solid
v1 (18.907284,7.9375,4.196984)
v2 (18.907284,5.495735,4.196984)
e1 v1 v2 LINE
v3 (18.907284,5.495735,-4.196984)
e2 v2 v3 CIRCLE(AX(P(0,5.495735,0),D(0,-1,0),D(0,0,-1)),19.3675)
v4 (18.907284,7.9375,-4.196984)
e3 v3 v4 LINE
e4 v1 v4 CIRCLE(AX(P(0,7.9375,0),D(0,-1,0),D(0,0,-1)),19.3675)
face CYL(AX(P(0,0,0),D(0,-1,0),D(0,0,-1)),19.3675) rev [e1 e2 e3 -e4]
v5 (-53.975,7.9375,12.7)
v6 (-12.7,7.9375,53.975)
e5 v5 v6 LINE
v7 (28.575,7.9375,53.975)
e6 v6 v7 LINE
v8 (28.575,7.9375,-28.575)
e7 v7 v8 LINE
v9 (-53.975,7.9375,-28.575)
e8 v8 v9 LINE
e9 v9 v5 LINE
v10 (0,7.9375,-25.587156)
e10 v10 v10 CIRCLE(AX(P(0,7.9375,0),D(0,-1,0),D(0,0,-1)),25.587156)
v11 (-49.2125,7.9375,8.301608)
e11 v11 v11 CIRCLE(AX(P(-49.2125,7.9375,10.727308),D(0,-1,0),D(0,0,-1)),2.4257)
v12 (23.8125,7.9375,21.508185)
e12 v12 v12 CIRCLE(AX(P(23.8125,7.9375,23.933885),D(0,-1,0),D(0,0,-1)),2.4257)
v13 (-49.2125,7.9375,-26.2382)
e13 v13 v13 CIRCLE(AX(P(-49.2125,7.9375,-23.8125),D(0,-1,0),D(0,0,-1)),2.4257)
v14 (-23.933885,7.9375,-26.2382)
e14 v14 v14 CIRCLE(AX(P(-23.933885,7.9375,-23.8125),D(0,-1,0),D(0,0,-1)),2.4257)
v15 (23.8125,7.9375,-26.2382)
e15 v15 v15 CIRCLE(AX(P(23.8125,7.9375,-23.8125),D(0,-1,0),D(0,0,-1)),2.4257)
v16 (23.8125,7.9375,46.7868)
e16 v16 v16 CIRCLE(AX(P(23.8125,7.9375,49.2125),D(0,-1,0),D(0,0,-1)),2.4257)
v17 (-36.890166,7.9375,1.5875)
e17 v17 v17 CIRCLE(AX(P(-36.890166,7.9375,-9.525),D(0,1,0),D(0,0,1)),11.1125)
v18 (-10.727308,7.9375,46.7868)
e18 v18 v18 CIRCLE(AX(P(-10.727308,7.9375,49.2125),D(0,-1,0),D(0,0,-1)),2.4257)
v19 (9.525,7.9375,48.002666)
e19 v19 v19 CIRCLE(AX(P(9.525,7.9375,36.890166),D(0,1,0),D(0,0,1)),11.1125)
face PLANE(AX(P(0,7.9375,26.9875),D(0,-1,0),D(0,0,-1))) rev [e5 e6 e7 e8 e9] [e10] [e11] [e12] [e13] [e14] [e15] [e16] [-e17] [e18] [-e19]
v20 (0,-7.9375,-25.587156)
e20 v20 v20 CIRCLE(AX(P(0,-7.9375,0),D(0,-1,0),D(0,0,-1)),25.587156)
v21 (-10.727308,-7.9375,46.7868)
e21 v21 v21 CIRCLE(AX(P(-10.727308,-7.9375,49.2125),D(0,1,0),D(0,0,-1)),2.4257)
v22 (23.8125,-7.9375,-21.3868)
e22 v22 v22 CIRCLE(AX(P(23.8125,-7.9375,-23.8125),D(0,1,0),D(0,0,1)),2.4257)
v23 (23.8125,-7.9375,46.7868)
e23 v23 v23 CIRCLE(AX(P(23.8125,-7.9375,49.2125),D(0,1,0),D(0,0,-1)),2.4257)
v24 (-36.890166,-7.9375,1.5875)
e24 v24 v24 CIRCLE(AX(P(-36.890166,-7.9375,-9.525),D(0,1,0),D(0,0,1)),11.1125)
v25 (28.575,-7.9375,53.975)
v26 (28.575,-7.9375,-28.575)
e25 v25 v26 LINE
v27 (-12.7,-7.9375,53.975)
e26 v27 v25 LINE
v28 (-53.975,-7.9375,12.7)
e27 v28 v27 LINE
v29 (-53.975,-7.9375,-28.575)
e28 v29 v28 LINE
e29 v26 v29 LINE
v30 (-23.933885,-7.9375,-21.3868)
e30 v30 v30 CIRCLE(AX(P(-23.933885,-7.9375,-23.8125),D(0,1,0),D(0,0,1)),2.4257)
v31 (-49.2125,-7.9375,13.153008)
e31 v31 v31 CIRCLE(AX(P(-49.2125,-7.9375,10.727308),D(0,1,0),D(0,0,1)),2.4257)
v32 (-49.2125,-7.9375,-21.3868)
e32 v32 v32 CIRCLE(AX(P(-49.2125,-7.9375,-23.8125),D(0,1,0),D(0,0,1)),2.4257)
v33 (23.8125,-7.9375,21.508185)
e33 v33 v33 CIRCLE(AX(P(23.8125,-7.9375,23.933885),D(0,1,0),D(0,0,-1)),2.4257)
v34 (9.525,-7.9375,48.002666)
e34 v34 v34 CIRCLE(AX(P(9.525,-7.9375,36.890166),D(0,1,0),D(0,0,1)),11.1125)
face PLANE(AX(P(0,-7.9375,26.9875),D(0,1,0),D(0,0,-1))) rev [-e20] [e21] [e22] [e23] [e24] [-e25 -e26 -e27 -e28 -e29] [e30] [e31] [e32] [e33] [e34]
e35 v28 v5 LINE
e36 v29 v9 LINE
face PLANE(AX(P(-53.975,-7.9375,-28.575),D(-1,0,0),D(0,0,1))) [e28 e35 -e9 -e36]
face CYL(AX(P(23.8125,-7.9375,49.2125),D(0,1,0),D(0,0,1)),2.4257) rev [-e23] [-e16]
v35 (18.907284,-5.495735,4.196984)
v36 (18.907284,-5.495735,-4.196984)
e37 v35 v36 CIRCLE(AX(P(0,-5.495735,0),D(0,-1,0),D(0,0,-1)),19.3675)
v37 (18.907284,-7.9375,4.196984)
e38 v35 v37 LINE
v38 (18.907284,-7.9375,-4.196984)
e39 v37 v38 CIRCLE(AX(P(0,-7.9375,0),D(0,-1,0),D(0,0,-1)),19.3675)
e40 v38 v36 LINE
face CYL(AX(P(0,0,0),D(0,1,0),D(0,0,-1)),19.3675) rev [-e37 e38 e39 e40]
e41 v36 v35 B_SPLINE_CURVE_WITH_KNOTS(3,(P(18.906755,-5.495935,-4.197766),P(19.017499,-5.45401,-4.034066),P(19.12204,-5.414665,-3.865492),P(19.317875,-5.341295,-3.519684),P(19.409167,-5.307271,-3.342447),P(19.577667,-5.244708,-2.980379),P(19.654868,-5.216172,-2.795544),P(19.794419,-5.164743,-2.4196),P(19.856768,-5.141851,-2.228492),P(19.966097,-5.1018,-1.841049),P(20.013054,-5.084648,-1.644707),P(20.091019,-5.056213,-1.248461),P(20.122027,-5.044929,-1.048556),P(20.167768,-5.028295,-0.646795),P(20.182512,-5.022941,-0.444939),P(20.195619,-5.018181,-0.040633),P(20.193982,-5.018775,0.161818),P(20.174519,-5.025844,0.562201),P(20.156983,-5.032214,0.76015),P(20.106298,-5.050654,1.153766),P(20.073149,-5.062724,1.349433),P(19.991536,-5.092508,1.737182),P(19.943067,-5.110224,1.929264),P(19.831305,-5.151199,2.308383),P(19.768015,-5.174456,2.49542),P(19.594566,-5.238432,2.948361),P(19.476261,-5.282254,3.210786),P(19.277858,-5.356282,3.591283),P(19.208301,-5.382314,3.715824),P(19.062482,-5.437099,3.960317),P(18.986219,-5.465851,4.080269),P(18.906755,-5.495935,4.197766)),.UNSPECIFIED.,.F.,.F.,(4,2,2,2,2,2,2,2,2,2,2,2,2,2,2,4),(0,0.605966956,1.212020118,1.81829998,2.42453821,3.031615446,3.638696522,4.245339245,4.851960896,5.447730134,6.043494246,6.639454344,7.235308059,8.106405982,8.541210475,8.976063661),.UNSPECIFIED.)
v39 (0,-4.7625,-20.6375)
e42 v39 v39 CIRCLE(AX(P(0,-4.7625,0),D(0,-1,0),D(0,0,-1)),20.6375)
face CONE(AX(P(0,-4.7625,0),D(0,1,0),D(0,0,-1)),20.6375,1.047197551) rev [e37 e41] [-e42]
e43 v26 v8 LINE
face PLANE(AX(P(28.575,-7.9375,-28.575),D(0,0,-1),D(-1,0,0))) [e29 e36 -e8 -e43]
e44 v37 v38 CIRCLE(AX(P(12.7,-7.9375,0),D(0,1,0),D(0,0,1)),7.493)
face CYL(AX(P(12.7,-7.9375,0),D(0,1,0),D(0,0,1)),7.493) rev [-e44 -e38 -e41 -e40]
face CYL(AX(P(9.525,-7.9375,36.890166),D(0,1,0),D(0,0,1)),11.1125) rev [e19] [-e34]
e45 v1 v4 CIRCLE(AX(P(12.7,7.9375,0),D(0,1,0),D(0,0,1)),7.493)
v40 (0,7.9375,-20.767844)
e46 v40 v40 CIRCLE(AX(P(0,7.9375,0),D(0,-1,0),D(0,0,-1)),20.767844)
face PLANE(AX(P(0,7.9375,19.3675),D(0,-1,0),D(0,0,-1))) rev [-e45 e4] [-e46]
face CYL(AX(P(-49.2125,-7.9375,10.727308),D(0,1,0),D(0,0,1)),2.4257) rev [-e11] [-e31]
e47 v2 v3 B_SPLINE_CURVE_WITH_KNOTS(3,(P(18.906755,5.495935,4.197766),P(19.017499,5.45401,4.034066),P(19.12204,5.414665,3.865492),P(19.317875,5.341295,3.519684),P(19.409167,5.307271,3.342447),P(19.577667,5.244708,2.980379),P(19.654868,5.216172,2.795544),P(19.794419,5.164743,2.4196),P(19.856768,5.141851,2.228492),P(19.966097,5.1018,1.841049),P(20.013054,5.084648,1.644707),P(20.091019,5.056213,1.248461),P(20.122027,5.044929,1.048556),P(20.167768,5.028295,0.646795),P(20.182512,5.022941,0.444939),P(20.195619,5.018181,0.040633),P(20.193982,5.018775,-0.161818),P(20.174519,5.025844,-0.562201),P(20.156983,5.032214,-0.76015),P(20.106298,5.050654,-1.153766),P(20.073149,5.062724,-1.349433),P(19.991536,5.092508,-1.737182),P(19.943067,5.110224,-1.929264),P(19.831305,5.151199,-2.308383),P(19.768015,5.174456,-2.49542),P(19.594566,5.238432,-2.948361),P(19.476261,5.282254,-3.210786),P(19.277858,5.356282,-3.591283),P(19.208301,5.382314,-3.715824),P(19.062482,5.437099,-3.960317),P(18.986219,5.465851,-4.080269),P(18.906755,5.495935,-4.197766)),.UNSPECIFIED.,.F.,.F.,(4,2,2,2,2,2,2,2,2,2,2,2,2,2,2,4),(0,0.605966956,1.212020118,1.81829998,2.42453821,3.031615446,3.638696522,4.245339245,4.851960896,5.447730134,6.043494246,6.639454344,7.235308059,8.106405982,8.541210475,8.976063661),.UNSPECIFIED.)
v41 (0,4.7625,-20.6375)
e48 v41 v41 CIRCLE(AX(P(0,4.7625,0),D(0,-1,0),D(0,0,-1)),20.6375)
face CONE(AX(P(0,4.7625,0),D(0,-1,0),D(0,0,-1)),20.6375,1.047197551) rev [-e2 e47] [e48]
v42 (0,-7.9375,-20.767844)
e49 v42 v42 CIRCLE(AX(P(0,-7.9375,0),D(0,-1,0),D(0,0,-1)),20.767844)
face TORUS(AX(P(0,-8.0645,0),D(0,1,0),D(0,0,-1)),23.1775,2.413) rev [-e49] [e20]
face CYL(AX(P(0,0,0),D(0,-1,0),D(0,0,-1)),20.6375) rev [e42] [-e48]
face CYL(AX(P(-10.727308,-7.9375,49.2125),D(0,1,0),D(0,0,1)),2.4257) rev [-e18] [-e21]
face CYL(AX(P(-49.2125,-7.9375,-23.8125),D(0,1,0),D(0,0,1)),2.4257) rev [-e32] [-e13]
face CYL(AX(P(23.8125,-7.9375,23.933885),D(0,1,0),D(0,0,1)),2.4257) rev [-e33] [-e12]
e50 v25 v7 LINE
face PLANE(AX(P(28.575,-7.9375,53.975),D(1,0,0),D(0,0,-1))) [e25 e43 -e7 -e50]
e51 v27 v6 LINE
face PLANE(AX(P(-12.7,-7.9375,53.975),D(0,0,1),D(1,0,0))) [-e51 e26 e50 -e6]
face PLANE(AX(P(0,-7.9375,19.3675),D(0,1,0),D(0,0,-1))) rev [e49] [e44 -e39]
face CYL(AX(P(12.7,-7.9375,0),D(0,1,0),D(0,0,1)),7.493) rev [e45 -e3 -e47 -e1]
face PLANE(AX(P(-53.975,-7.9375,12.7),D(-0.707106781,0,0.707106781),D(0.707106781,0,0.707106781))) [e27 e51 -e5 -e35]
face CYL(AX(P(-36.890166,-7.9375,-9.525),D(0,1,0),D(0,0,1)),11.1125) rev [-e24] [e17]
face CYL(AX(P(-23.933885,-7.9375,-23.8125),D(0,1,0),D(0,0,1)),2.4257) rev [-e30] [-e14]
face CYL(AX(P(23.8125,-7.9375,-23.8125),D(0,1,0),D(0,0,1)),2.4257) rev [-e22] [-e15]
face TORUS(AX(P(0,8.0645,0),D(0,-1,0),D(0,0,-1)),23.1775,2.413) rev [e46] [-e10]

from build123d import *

# Parameters (mm, degrees)
SKETCH3_R               = 7.493
CUT_EXTRUDE2_DEPTH      = 8.9375
CUT_EXTRUDE2_DEPTH_BACK = 8.9375
SKETCH4_R               = 11.1125
SKETCH4_R_2             = 26.924
BOSS_EXTRUDE1_DEPTH     = 15.875
BOSS_EXTRUDE2_START     = 22.225
SKETCH7_R               = 6.35
BOSS_EXTRUDE2_DEPTH     = 4.7625
SKETCH5_R               = 2.4257
CUT_EXTRUDE3_DEPTH      = 27.9875
CUT_EXTRUDE3_DEPTH_BACK = 16.8750001


with BuildPart() as part:
    # Sketch1 → Revolve1 (revolve)
    with BuildSketch(Plane(origin=(0, 0, 0), x_dir=(0, 0, -1), z_dir=(1, 0, 0))):
        with BuildLine():
            Line((-20.6375, 0), (-26.9875, 0))
            Line((-26.9875, 0), (-26.9875, 7.9375))
            Line((-26.9875, 7.9375), (-25.587155577, 7.9375))
            ThreePointArc((-25.587155577, 7.9375), (-23.1775, 5.6515), (-20.767844423, 7.9375))
            Line((-20.767844423, 7.9375), (-19.3675, 7.9375))
            Line((-19.3675, 7.9375), (-19.3675, 5.495734842))
            Line((-19.3675, 5.495734842), (-20.6375, 4.7625))
            Line((-20.6375, 4.7625), (-20.6375, 0))
        make_face()
    revolve(axis=Axis((0, 0, 0), (0, 1, 0)))

    # Mirror1: part across plane


with BuildPart() as part_1:
    add(part.part)
    add(part.part.mirror(Plane(origin=(0, 0, 20.6375), x_dir=(0, 0, 1), z_dir=(0, 1, 0))))

    # Sketch3 → Cut-Extrude2 (cut, two sides)
    with BuildSketch(Plane(origin=(0, 0, 0), x_dir=(1, 0, 0), z_dir=(0, 1, 0))) as cut_extrude2_sk:
        with Locations((12.7, 0)):
            Circle(SKETCH3_R)
    extrude(amount=CUT_EXTRUDE2_DEPTH, mode=Mode.SUBTRACT)
    extrude(cut_extrude2_sk.sketch, amount=-CUT_EXTRUDE2_DEPTH_BACK, mode=Mode.SUBTRACT)

    # Sketch4 → Boss-Extrude1 (add, through all)
    with BuildSketch(Plane(origin=(0, 7.9375, 0), x_dir=(1, 0, 0), z_dir=(0, 1, 0))):
        Polygon((28.575, 28.575), (-53.975, 28.575), (-53.975, -12.7), (-12.7, -53.975), (28.575, -53.975), align=None)
        with Locations((-36.890166373, 9.525)):
            Circle(SKETCH4_R, mode=Mode.SUBTRACT)
        with Locations((9.525, -36.890166373)):
            Circle(SKETCH4_R, mode=Mode.SUBTRACT)
        Circle(SKETCH4_R_2, mode=Mode.SUBTRACT)
    extrude(amount=-BOSS_EXTRUDE1_DEPTH)


with BuildPart() as body_2:
    # Sketch7 → Boss-Extrude2 (new body)
    with BuildSketch(Plane(origin=(0, 7.9375, 0), x_dir=(1, 0, 0), z_dir=(0, 1, 0)).offset(BOSS_EXTRUDE2_START)):
        Polygon((28.575, -53.975), (28.575, 28.575), (-53.975, 28.575), (-53.975, -12.7), (-12.7, -53.975), align=None)
        Circle(SKETCH7_R, mode=Mode.SUBTRACT)
    extrude(amount=BOSS_EXTRUDE2_DEPTH)


with BuildPart() as cut_extrude3_tool:
    # Sketch5 → Cut-Extrude3 (new body, two sides)
    with BuildSketch(Plane(origin=(0, 7.9375, 0), x_dir=(1, 0, 0), z_dir=(0, 1, 0))) as cut_extrude3_sk:
        with Locations((23.8125, 23.8125)):
            Circle(SKETCH5_R)
        with Locations((-49.2125, 23.8125)):
            Circle(SKETCH5_R)
        with Locations((-23.933885369, 23.8125)):
            Circle(SKETCH5_R)
        with Locations((-49.2125, -10.727307909)):
            Circle(SKETCH5_R)
        with Locations((23.8125, -23.933885369)):
            Circle(SKETCH5_R)
        with Locations((23.8125, -49.2125)):
            Circle(SKETCH5_R)
        with Locations((-10.727307909, -49.2125)):
            Circle(SKETCH5_R)
    extrude(amount=CUT_EXTRUDE3_DEPTH)
    extrude(cut_extrude3_sk.sketch, amount=-CUT_EXTRUDE3_DEPTH_BACK)


with BuildPart() as part_2:
    add(part_1.part)

    # Cut-Extrude3: cut by cut_extrude3_tool
    add(cut_extrude3_tool.part, mode=Mode.SUBTRACT)


with BuildPart() as body_2_1:
    add(body_2.part)

    # Cut-Extrude3: cut by cut_extrude3_tool
    add(cut_extrude3_tool.part, mode=Mode.SUBTRACT)


solid = part_2.part
